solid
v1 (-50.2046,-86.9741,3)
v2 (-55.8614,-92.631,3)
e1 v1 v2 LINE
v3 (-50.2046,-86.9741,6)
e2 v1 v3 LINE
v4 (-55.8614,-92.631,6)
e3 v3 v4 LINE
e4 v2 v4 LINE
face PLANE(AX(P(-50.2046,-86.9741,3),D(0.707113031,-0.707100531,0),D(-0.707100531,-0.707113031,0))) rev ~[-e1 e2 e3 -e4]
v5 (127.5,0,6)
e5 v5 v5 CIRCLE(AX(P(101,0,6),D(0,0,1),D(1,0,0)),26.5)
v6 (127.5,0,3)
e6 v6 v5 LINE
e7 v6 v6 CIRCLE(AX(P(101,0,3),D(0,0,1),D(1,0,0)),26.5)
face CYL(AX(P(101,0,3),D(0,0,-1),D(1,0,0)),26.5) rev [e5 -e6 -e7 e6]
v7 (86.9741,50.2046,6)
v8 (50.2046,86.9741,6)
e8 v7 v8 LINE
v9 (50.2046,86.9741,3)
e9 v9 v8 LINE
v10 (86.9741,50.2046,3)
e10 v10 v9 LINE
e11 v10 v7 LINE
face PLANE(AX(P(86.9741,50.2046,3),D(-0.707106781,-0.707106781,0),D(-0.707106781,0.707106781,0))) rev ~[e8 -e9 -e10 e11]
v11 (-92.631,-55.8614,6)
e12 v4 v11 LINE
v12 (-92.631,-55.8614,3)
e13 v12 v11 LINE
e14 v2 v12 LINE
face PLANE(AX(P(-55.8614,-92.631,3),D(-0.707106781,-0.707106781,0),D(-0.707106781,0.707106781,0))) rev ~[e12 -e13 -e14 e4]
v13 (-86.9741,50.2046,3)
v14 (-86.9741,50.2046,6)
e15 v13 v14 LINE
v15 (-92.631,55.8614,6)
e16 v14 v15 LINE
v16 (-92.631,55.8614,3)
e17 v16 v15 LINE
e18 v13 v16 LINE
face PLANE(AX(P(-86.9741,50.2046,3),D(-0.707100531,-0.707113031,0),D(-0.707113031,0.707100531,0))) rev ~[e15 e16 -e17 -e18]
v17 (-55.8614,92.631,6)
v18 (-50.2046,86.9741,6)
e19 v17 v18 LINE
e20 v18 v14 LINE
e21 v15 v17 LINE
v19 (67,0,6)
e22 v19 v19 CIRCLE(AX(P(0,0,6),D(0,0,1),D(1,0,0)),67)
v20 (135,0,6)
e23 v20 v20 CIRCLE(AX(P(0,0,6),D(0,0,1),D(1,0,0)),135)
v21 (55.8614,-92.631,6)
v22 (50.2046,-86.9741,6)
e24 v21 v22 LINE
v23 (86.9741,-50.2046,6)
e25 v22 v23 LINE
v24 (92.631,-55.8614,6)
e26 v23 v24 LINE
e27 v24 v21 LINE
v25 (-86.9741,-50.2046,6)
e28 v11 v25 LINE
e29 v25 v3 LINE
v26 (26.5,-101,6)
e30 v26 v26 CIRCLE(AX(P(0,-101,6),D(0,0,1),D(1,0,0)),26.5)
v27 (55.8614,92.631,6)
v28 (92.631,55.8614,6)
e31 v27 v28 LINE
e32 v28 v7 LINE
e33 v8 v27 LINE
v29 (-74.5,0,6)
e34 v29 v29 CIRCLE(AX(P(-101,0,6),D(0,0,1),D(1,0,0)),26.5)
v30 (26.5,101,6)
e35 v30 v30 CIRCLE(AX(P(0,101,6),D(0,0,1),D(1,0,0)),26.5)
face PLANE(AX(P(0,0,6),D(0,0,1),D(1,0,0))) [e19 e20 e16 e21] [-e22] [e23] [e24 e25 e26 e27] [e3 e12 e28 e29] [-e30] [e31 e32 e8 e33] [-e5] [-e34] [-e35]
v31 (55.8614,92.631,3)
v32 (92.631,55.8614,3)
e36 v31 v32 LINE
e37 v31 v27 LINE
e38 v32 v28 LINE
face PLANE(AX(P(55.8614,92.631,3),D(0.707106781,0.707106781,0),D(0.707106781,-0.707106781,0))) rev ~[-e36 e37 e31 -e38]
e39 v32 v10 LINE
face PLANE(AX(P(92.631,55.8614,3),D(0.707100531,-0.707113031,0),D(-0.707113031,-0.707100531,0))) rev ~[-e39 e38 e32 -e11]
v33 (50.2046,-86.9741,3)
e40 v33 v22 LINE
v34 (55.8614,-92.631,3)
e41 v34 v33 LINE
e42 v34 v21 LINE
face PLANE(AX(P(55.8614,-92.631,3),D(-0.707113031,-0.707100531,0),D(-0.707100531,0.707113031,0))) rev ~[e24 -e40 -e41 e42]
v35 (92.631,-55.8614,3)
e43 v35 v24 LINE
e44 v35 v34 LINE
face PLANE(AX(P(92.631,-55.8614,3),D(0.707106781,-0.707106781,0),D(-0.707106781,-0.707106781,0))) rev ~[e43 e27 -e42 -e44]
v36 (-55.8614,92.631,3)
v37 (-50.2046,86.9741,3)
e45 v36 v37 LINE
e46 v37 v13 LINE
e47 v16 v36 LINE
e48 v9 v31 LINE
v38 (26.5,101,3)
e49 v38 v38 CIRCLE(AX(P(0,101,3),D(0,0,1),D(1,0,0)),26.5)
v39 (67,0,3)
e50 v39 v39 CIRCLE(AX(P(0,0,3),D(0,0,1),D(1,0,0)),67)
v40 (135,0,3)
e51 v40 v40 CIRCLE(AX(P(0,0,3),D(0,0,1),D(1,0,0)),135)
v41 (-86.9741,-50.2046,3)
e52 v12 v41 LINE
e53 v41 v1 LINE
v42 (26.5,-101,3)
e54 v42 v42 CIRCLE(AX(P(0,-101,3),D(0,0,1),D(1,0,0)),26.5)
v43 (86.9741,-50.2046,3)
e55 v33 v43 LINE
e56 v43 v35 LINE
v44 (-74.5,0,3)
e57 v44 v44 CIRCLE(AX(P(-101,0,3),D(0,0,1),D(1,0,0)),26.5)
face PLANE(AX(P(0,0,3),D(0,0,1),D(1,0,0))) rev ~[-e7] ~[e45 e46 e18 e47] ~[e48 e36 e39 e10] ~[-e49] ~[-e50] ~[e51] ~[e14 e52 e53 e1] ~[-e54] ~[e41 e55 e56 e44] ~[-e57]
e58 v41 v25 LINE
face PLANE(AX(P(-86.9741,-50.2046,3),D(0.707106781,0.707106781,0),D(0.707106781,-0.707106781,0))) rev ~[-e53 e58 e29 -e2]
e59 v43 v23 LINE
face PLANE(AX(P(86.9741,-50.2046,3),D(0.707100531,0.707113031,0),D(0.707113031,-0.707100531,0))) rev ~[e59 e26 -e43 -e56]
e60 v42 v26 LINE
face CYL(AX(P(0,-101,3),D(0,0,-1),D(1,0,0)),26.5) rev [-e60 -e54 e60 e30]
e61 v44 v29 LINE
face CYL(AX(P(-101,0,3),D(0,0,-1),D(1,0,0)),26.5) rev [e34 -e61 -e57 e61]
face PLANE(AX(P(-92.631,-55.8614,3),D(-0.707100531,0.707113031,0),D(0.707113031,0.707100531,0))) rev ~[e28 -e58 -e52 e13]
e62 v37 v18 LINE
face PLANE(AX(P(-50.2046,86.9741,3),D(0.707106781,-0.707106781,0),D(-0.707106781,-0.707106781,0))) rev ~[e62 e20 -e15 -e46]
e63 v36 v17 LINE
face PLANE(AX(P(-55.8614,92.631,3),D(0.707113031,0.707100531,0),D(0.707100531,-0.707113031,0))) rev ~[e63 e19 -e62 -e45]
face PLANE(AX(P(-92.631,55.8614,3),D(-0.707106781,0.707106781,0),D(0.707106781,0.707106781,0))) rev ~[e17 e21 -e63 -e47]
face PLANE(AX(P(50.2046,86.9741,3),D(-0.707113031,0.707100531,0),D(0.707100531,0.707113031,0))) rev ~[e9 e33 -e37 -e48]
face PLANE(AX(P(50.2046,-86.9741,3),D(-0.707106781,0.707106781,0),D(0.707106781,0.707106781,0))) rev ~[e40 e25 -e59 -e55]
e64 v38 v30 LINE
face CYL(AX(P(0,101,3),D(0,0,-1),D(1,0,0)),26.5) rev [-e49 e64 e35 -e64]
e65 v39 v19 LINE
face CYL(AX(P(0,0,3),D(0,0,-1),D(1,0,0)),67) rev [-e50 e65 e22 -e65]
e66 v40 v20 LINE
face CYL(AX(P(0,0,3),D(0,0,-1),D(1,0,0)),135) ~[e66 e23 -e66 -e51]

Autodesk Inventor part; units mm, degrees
ref_plane "YZ Plane" through (0, 0, 0) normal (1, 0, 0) x (0, 1, 0)
ref_plane "XZ Plane" through (0, 0, 0) normal (0, 1, 0) x (-1, 0, 0)
ref_plane "XY Plane" through (0, 0, 0) normal (0, 0, 1) x (1, 0, 0)
ref_plane "РабПлоскость1" through (0, 0, 3) normal (0, 0, 1) x (1, 0, 0)
sketch "Эскиз1" plane through (0, 0, 3) normal (0, 0, 1) x (1, 0, 0)
  circle A0 centre (0, 0) radius 101 construction
  circle A1 centre (0, 0) radius 135 projected
  line L0 (0, 0) -> (0, 153.023) construction
  circle A2 centre (0, 101) radius 26.5
  line L1 (86.9741, 51.6188) -> (51.6188, 86.9741) construction
  line L2 (51.6188, 86.9741) -> (55.8614, 91.2168) construction
  line L3 (55.8614, 91.2168) -> (91.2168, 55.8614) construction
  line L4 (91.2168, 55.8614) -> (86.9741, 51.6188) construction
  line L5 (86.9741, 51.6188) -> (55.8614, 91.2168) construction
  line L6 (51.6188, 86.9741) -> (91.2168, 55.8614) construction
  line L7 (86.9741, 50.2046) -> (50.2046, 86.9741)
  line L8 (50.2046, 86.9741) -> (55.8614, 92.631)
  line L9 (55.8614, 92.631) -> (92.631, 55.8614)
  line L10 (92.631, 55.8614) -> (86.9741, 50.2046)
  line L11 (86.9741, 50.2046) -> (55.8614, 92.631) construction
  line L12 (50.2046, 86.9741) -> (92.631, 55.8614) construction
  line L13 (-86.9741, 51.6188) -> (-91.2168, 55.8614) construction
  line L14 (-86.9741, 50.2046) -> (-92.631, 55.8614)
  circle A3 centre (-101, 0) radius 26.5
  line L15 (-91.2168, 55.8614) -> (-55.8614, 91.2168) construction
  line L16 (-86.9741, 51.6188) -> (-55.8614, 91.2168) construction
  line L17 (-51.6188, 86.9741) -> (-86.9741, 51.6188) construction
  line L18 (-51.6188, 86.9741) -> (-91.2168, 55.8614) construction
  line L19 (-86.9741, 50.2046) -> (-55.8614, 92.631) construction
  line L20 (-50.2046, 86.9741) -> (-86.9741, 50.2046)
  line L21 (-50.2046, 86.9741) -> (-92.631, 55.8614) construction
  line L22 (-55.8614, 91.2168) -> (-51.6188, 86.9741) construction
  line L23 (-55.8614, 92.631) -> (-50.2046, 86.9741)
  line L24 (-92.631, 55.8614) -> (-55.8614, 92.631)
  line L25 (-51.6188, -86.9741) -> (-55.8614, -91.2168) construction
  line L26 (-50.2046, -86.9741) -> (-55.8614, -92.631)
  circle A4 centre (0, -101) radius 26.5
  line L27 (-55.8614, -91.2168) -> (-91.2168, -55.8614) construction
  line L28 (-51.6188, -86.9741) -> (-91.2168, -55.8614) construction
  line L29 (-86.9741, -51.6188) -> (-51.6188, -86.9741) construction
  line L30 (-86.9741, -51.6188) -> (-55.8614, -91.2168) construction
  line L31 (-50.2046, -86.9741) -> (-92.631, -55.8614) construction
  line L32 (-86.9741, -50.2046) -> (-50.2046, -86.9741)
  line L33 (-86.9741, -50.2046) -> (-55.8614, -92.631) construction
  line L34 (-91.2168, -55.8614) -> (-86.9741, -51.6188) construction
  line L35 (-92.631, -55.8614) -> (-86.9741, -50.2046)
  line L36 (-55.8614, -92.631) -> (-92.631, -55.8614)
  line L37 (86.9741, -51.6188) -> (91.2168, -55.8614) construction
  line L38 (86.9741, -50.2046) -> (92.631, -55.8614)
  circle A5 centre (101, 0) radius 26.5
  line L39 (91.2168, -55.8614) -> (55.8614, -91.2168) construction
  line L40 (86.9741, -51.6188) -> (55.8614, -91.2168) construction
  line L41 (51.6188, -86.9741) -> (86.9741, -51.6188) construction
  line L42 (51.6188, -86.9741) -> (91.2168, -55.8614) construction
  line L43 (86.9741, -50.2046) -> (55.8614, -92.631) construction
  line L44 (50.2046, -86.9741) -> (86.9741, -50.2046)
  line L45 (50.2046, -86.9741) -> (92.631, -55.8614) construction
  line L46 (55.8614, -91.2168) -> (51.6188, -86.9741) construction
  line L47 (55.8614, -92.631) -> (50.2046, -86.9741)
  line L48 (92.631, -55.8614) -> (55.8614, -92.631)
  circle A6 centre (0, 0) radius 67
  point P0 (71.4178, 71.4178)
  point P1 (-71.4178, 71.4178)
  point P2 (-71.4178, -71.4178)
  point P3 (71.4178, -71.4178)
  dimension "d0" = 202
  dimension "d1" = 53
  dimension "d2" = 1
  dimension "d3" = 1
  dimension "d6" = 360
  dimension "d8" = 34
  dimension "d9" = 34
extrude "Выдавливание1" add sketch "Эскиз1" along normal blind 3
equation "\"d9\" = d8"
properties part number "Диск_базирующий_В5" material "По умолчанию1"
